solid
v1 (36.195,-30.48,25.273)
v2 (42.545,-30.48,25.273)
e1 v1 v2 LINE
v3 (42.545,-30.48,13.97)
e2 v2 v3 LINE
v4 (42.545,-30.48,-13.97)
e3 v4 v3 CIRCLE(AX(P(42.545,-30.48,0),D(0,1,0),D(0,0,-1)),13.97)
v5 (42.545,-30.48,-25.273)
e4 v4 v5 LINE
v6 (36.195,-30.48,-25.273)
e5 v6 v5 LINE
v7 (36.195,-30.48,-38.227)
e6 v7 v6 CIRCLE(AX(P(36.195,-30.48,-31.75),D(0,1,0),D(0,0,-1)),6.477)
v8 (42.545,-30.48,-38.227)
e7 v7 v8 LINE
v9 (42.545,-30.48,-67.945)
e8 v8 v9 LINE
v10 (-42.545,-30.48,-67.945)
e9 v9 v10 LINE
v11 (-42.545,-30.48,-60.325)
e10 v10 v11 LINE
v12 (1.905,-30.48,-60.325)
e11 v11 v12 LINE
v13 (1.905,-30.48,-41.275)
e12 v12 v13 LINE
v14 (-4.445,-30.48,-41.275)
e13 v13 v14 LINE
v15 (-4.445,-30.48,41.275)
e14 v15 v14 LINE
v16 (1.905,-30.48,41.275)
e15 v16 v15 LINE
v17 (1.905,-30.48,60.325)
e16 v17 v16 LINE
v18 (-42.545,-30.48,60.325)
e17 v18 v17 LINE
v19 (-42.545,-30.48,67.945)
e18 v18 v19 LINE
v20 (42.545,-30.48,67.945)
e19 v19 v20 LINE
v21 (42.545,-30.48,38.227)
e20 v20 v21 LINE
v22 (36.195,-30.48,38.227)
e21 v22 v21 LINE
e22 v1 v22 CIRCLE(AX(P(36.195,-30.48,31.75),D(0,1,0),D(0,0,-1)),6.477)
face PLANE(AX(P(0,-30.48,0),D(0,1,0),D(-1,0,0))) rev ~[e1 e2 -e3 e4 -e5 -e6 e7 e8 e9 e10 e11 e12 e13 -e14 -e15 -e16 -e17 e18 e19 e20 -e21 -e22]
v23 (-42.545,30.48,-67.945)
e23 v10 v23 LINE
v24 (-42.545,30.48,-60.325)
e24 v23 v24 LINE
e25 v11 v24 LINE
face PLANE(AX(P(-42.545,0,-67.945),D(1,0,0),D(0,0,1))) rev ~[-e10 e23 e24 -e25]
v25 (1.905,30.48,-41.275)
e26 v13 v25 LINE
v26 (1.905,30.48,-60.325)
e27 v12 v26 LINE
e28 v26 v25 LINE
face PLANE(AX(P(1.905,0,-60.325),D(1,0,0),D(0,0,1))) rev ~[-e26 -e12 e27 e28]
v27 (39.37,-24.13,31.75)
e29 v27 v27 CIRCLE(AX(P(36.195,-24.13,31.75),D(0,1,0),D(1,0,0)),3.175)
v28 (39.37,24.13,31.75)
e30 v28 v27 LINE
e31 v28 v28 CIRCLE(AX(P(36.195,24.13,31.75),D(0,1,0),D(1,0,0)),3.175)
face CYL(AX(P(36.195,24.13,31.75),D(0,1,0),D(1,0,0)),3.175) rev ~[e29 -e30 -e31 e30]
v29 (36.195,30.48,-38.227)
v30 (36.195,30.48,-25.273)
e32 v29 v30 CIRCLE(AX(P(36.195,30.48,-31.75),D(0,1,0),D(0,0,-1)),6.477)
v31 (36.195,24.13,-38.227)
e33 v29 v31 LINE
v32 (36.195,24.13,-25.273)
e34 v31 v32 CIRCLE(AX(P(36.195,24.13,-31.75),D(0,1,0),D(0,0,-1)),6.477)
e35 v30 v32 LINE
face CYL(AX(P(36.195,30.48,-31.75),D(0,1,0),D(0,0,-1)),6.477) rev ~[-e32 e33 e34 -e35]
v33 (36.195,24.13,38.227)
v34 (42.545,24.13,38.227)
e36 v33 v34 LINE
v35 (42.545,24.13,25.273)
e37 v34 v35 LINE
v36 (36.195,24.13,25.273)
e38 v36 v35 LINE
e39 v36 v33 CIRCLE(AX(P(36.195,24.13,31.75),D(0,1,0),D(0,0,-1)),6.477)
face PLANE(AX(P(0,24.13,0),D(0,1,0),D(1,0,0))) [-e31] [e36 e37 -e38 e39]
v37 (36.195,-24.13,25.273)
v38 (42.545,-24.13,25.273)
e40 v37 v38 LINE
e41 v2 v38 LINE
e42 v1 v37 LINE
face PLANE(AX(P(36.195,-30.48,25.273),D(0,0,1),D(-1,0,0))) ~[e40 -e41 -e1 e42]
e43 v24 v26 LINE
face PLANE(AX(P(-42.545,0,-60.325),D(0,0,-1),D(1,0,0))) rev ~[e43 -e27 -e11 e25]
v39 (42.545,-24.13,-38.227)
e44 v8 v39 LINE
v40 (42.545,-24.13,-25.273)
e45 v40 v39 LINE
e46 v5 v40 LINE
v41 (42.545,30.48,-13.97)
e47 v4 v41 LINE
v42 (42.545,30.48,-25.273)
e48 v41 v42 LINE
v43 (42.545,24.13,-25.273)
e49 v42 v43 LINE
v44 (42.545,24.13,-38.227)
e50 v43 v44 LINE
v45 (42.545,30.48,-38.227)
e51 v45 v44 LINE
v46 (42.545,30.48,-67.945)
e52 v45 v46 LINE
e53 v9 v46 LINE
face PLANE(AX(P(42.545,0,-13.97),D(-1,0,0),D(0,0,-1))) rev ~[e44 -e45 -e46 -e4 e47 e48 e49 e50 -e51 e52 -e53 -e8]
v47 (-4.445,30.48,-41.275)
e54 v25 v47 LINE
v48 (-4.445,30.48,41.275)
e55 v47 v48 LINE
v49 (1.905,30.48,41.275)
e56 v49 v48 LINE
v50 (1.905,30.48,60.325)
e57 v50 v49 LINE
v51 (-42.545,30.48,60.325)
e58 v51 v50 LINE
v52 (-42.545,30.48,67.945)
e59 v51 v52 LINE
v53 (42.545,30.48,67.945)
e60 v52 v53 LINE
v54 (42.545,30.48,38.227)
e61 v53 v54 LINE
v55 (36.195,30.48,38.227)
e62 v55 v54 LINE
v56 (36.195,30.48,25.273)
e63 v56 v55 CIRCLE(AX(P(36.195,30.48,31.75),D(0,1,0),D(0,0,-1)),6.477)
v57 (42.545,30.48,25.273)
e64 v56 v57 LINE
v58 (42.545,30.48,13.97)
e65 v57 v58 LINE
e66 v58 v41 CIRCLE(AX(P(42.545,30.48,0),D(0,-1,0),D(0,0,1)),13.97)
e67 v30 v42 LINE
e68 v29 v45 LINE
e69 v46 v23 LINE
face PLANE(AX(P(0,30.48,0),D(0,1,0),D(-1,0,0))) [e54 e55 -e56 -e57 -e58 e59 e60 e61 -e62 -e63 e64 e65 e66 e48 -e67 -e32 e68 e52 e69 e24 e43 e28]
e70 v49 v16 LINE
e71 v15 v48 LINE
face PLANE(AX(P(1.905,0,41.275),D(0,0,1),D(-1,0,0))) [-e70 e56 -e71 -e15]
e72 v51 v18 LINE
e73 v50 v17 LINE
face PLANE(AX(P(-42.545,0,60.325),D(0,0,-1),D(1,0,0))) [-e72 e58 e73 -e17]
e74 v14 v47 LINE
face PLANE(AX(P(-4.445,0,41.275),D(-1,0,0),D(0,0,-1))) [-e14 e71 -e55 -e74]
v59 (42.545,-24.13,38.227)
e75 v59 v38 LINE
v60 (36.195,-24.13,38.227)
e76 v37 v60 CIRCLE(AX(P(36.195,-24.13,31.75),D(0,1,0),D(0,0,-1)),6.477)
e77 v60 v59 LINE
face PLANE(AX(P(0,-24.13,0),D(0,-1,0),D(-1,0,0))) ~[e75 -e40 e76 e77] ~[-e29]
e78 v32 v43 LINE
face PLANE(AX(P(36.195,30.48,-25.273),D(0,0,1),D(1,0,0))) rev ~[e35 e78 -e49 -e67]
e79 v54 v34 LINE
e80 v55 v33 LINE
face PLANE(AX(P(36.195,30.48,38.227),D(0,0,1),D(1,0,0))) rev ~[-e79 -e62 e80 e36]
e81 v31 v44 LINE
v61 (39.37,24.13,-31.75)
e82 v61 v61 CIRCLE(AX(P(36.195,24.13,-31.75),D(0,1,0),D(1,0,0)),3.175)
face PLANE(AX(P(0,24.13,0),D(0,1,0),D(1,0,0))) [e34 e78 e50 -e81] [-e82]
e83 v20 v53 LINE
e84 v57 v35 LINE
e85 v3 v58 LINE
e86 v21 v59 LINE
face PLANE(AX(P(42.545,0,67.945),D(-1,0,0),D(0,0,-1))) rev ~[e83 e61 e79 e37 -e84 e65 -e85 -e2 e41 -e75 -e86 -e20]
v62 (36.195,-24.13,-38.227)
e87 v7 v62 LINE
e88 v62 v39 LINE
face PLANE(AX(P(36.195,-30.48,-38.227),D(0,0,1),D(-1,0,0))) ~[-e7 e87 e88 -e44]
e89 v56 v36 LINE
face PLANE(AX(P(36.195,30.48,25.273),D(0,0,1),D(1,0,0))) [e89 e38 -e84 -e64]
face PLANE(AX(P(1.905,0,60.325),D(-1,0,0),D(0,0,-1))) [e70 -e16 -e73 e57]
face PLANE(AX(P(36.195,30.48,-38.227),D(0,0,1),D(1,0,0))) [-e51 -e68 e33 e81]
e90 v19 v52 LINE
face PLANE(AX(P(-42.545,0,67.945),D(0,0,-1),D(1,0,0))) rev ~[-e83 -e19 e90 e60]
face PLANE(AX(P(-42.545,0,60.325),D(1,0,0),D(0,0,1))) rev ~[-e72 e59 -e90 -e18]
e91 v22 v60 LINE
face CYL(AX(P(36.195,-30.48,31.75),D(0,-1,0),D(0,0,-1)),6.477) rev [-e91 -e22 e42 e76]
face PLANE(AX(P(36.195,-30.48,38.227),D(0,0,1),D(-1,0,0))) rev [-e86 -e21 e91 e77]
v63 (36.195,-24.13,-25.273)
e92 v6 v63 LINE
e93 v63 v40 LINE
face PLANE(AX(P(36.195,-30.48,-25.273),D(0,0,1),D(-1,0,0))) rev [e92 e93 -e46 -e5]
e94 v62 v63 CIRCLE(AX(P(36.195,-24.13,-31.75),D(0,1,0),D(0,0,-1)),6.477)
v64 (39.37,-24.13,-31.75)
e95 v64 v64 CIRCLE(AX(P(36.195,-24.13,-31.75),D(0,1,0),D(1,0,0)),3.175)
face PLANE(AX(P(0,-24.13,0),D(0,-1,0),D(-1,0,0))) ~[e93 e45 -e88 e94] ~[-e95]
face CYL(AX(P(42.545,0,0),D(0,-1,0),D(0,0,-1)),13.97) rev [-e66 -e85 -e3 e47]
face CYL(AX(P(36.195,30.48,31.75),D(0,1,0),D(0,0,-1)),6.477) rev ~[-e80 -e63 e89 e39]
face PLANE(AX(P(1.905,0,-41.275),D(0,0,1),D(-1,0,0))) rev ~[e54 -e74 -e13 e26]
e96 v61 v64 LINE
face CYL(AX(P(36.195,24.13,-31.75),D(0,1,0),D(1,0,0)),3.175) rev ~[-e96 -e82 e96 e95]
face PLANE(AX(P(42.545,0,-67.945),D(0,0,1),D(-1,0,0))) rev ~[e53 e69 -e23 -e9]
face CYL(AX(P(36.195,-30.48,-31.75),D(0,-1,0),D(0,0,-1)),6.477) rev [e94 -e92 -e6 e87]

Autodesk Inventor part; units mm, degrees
ref_plane "YZ Plane" through (0, 0, 0) normal (1, 0, 0) x (0, 1, 0)
ref_plane "XZ Plane" through (0, 0, 0) normal (0, 1, 0) x (-1, 0, 0)
ref_plane "XY Plane" through (0, 0, 0) normal (0, 0, 1) x (1, 0, 0)
sketch "Sketch1" plane through (0, 0, 0) normal (0, 1, 0) x (-1, 0, 0)
  line L0 (42.545, 67.945) -> (-42.545, 67.945)
  line L1 (-42.545, -67.945) -> (42.545, -67.945)
  line L2 (42.545, 67.945) -> (-42.545, -67.945) construction
  line L3 (-42.545, 67.945) -> (42.545, -67.945) construction
  line L4 (42.545, 60.325) -> (-1.905, 60.325)
  line L5 (-1.905, 60.325) -> (-1.905, 41.275)
  line L6 (36.0369, 0) -> (-87.2324, 0)
  line L7 (42.545, -60.325) -> (-1.905, -60.325)
  line L8 (-1.905, -60.325) -> (-1.905, -41.275)
  line L9 (-1.905, -41.275) -> (4.445, -41.275)
  line L10 (4.445, 41.275) -> (4.445, -41.275)
  line L11 (-1.905, 41.275) -> (4.445, 41.275)
  line L12 (42.545, -67.945) -> (42.545, -60.325)
  line L13 (42.545, 60.325) -> (42.545, 67.945)
  arc A0 (-42.545, -13.97) -> (-42.545, 13.97) centre (-42.545, 0) ccw
  line L14 (-42.545, 67.945) -> (-42.545, 13.97)
  line L15 (-42.545, -13.97) -> (-42.545, -67.945)
  point P0 (0, 0)
  dimension "d0" = 85.09
  dimension "d2" = 7.62
  dimension "d4" = 19.05
  dimension "d5" = 7.62
  dimension "d6" = 6.35
  dimension "d7" = 135.89
  dimension "d8" = 44.45
  dimension "d9" = 27.94
  dimension "d10" = 53.975
  dimension "d11" = 53.975
extrude "Extrusion1" add sketch "Sketch1" along normal mid plane 60.96
sketch "Sketch2" plane through (0, 30.48, 0) normal (0, 1, 0) x (1, 0, 0)
  arc A0 (36.195, -25.273) -> (36.195, -38.227) centre (36.195, -31.75) ccw
  line L0 (36.195, -38.227) -> (42.545, -38.227)
  line L1 (36.195, -25.273) -> (42.545, -25.273)
  line L2 (42.545, 13.97) -> (42.545, 67.945) projected
  line L3 (42.545, -38.227) -> (42.545, -25.273)
  line L4 (42.545, -67.945) -> (42.545, -13.97) projected
  line L5 (-51.5832, 0) -> (64.091, 0)
  line L6 (-42.545, -67.945) -> (42.545, -67.945) projected
  arc A1 (36.195, 38.227) -> (36.195, 25.273) centre (36.195, 31.75) ccw
  line L7 (36.195, 38.227) -> (42.545, 38.227)
  line L8 (36.195, 25.273) -> (42.545, 25.273)
  line L9 (42.545, 38.227) -> (42.545, 25.273)
  point P0 (0, 0)
  point P1 (36.195, 47.3075)
  point P2 (36.195, 34.6075)
  point P3 (42.545, 25.273)
  dimension "d15" = 12.954
  dimension "d23" = 67.945
  dimension "d24" = 63.5
  dimension "d25" = 6.35
  dimension "d26" = 12.954
extrude "Extrusion2" cut sketch "Sketch2" against normal blind 6.35
mirror "Mirror1" about plane through (0, 0, 0) normal (0, 1, 0) of "Extrusion2"
sketch "Sketch3" plane through (0, 24.13, 0) normal (0, 1, 0) x (1, 0, 0)
  arc A0 (36.195, -25.273) -> (36.195, -38.227) centre (36.195, -31.75) ccw projected
  circle A1 centre (36.195, -31.75) radius 3.175
  line L0 (-42.9578, 0) -> (76.8761, 0)
  circle A2 centre (36.195, 31.75) radius 3.175
  point P0 (0, 0)
  dimension "d19" = 6.35
extrude "Extrusion3" cut sketch "Sketch3" against normal through all
sketch "Sketch4" plane through (-42.545, 30.48, 67.945) normal (0, 0, 1) x (1, 0, 0)
  point P0 (42.545, -30.48)
properties part number "Relaxation chamber holder"
